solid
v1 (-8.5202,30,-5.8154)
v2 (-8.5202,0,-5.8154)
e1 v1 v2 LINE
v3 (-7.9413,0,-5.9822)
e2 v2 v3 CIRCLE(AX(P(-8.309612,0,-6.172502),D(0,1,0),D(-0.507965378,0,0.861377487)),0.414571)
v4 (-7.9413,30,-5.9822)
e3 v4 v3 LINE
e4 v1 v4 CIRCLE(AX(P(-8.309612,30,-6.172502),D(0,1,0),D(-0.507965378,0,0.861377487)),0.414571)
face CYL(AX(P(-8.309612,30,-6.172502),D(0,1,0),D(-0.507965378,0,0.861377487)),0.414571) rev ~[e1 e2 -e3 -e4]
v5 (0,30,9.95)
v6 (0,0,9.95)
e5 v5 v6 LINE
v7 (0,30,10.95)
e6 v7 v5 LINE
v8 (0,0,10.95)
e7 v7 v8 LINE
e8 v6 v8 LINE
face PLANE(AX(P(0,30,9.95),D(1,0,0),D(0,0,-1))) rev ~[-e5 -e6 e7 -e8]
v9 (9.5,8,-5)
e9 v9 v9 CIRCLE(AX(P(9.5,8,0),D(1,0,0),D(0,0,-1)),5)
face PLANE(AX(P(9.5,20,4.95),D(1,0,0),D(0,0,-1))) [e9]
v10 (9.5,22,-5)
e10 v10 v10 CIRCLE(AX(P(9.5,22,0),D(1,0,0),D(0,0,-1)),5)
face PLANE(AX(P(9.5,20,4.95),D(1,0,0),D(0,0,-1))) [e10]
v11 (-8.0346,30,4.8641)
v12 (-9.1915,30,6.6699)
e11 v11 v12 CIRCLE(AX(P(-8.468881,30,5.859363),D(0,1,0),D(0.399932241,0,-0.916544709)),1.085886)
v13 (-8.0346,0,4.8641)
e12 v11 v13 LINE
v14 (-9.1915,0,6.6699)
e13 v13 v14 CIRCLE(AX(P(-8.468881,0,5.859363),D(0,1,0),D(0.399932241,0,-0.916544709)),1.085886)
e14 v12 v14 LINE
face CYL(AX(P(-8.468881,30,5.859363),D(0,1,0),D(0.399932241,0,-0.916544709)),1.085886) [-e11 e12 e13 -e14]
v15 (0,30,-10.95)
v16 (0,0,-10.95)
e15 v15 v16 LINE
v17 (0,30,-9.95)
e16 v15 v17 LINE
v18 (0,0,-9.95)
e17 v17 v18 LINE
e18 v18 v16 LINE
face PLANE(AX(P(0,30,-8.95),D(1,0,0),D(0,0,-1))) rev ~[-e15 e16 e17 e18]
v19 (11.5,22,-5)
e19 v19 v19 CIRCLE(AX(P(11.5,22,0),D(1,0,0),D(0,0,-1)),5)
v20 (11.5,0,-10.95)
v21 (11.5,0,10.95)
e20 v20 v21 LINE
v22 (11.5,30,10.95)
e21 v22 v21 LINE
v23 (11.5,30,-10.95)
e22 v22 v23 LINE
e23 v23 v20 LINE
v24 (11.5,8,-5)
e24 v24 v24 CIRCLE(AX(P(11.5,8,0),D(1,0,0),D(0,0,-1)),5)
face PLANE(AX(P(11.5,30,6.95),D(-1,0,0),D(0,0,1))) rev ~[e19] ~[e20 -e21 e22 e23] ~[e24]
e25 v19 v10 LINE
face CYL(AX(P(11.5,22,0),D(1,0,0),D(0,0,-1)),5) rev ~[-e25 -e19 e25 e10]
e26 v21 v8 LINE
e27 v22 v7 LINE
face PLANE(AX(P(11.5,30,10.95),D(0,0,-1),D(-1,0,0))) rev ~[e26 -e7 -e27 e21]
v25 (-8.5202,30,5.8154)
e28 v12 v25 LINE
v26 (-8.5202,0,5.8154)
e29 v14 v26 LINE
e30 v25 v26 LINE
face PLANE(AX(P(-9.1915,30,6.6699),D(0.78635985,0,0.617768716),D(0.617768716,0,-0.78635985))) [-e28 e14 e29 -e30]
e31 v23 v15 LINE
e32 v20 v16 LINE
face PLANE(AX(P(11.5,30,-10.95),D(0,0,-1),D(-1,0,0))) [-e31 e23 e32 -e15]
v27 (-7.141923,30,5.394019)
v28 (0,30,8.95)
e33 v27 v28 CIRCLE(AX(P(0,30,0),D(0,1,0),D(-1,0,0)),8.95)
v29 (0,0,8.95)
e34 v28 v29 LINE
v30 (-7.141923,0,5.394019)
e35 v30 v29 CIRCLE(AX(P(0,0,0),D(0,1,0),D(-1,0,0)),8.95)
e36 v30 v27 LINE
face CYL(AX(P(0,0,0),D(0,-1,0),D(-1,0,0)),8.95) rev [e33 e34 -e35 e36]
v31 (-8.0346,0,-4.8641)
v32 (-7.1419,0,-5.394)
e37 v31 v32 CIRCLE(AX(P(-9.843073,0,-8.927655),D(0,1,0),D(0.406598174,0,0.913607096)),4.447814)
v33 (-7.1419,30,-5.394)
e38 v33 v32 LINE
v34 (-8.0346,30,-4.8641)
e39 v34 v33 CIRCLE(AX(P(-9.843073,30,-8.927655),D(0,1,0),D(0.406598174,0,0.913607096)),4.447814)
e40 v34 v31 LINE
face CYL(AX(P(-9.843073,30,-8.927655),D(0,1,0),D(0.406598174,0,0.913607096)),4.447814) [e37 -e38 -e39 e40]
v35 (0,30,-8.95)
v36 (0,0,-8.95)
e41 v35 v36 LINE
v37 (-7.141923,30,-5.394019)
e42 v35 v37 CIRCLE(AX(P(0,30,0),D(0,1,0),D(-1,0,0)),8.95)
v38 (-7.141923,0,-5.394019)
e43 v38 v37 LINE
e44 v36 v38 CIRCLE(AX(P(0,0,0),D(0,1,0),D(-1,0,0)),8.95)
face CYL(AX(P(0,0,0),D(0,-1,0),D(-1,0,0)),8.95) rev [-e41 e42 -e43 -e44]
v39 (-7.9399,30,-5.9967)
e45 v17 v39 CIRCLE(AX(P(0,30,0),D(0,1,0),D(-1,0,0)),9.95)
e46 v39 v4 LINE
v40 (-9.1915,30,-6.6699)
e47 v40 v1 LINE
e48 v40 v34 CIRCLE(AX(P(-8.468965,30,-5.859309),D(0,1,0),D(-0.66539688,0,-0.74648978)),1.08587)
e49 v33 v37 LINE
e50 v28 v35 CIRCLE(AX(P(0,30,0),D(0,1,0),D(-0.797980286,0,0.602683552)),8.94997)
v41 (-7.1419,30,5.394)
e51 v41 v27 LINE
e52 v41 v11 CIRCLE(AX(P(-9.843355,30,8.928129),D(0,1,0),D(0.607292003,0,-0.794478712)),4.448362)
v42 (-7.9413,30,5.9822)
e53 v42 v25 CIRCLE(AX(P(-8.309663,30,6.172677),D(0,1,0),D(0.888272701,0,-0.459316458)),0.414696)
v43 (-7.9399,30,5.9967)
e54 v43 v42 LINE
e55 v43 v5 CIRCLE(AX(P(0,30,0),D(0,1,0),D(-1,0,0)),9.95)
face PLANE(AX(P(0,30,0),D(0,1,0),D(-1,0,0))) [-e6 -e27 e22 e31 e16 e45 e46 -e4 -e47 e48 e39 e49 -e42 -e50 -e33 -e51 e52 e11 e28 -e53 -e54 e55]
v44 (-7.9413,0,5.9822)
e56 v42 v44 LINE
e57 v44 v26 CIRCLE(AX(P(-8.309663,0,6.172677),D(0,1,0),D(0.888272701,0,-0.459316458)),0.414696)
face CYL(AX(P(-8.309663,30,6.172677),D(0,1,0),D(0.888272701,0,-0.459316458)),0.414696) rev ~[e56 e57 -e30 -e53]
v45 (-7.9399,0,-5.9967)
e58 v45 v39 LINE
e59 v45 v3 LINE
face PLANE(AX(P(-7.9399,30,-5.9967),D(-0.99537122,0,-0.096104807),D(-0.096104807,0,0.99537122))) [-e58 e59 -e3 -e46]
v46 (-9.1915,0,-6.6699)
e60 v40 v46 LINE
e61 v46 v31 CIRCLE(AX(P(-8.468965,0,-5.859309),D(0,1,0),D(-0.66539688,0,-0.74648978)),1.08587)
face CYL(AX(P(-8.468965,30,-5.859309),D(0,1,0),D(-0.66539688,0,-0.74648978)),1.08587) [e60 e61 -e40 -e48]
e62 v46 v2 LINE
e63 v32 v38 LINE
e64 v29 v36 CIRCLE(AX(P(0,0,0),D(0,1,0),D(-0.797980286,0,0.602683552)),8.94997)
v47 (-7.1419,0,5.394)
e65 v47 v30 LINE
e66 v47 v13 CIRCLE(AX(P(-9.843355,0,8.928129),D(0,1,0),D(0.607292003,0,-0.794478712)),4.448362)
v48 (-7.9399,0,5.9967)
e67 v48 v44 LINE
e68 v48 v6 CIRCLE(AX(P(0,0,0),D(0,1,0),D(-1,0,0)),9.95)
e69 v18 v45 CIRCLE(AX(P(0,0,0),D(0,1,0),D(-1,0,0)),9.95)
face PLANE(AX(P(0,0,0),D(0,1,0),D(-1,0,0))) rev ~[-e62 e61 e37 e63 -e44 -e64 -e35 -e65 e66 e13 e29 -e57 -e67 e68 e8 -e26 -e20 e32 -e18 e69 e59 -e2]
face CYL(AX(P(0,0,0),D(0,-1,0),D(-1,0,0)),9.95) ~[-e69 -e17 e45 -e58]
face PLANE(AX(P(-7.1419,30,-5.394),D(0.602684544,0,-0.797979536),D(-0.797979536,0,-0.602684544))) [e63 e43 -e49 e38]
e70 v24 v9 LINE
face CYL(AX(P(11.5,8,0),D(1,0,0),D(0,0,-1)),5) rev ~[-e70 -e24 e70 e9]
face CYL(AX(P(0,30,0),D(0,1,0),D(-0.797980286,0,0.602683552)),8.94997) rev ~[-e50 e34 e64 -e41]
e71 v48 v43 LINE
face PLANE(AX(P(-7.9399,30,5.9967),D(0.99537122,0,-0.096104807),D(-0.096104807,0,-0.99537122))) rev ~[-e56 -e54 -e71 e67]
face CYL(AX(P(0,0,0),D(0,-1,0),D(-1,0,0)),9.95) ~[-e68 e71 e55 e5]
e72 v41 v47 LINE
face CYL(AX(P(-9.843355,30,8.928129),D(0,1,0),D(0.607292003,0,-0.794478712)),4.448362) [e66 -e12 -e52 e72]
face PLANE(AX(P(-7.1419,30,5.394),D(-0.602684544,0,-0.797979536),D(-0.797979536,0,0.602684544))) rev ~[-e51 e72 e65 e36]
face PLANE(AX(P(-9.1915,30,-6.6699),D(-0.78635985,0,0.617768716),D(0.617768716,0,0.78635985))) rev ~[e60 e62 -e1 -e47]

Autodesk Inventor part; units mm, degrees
ref_plane "YZ Plane" through (0, 0, 0) normal (1, 0, 0) x (0, 1, 0)
ref_plane "XZ Plane" through (0, 0, 0) normal (0, 1, 0) x (-1, 0, 0)
ref_plane "XY Plane" through (0, 0, 0) normal (0, 0, 1) x (1, 0, 0)
sketch "Эскиз1" plane through (0, 0, 0) normal (0, 1, 0) x (-1, 0, 0)
  circle A0 centre (0, 0) radius 8.95
  circle A1 centre (0, 0) radius 9.95
  line L0 (0, 0) -> (7.9399, 5.9967)
  line L1 (0, 0) -> (7.9399, -5.9967)
  point P0 (7.1419, -5.394)
  point P1 (7.1419, 5.394)
  dimension "d0" = 17.9
  dimension "d1" = 19.9
extrude "Выдавливание1" add sketch "Эскиз1" along normal blind 30 contours A0 L1 A1 L0 picked at (-8.7459, -3.8334)
sketch "Эскиз2" plane through (0, 30, 0) normal (0, 1, 0) x (1, 0, 0)
  arc A0 (-7.1419, -5.394) -> (-8.0346, -4.8641) centre (-9.8432, -8.9279) ccw
  arc A1 (-8.0346, -4.8641) -> (-9.1915, -6.6699) centre (-8.4689, -5.8593) ccw
  line L0 (-9.1915, -6.6699) -> (-8.5202, -5.8154)
  arc A2 (-7.9413, -5.9822) -> (-8.5202, -5.8154) centre (-8.3096, -6.1726) ccw
  line L1 (-7.1419, -5.394) -> (-7.9399, -5.9967)
  line L2 (-7.9399, -5.9967) -> (-7.1419, -5.394)
  line L3 (-7.9399, -5.9967) -> (-7.9413, -5.9822)
  line L4 (-0.0151, 0) -> (-3.489, 0)
  arc A3 (-8.0346, 4.8641) -> (-7.1419, 5.394) centre (-9.8432, 8.9279) ccw
  arc A4 (-8.5202, 5.8154) -> (-7.9413, 5.9822) centre (-8.3096, 6.1726) ccw
  line L5 (-7.1419, 5.394) -> (-7.9399, 5.9967)
  line L6 (-7.9399, 5.9967) -> (-7.1419, 5.394)
  line L7 (-7.9399, 5.9967) -> (-7.9413, 5.9822)
  arc A5 (-9.1915, 6.6699) -> (-8.0346, 4.8641) centre (-8.4689, 5.8593) ccw
  line L8 (-9.1915, 6.6699) -> (-8.5202, 5.8154)
  point P0 (-7.1419, 5.394)
  point P1 (-7.9399, -5.9967)
  point P2 (-5.3694, -4.0591)
  point P3 (-7.9399, 5.9967)
  point P4 (-5.3694, 4.0591)
  point P5 (-7.9399, 5.9967)
  dimension "d25" = 1.0859
sketch "Эскиз3" plane through (0, 30, 0) normal (0, 1, 0) x (1, 0, 0)
  arc A0 (-7.9399, -5.9967) -> (-7.9399, 5.9967) centre (0, 0) ccw projected
  line L0 (11.5, -6.95) -> (11.5, 6.95)
  arc A1 (-7.1419, -5.394) -> (-7.1419, 5.394) centre (0, 0) ccw projected
  arc A2 (0, -8.95) -> (0, 8.95) centre (0, 0) ccw
  line L1 (0, -9.95) -> (0, -8.95)
  line L2 (0, 8.95) -> (0, 9.95)
  line L3 (11.5, 6.95) -> (11.5, 10.95)
  line L4 (11.5, -6.95) -> (11.5, -10.95)
  line L5 (0, 5.45) -> (0, 9.95)
  line L6 (11.5, -10.95) -> (0, -10.95)
  line L7 (0, -10.95) -> (0, -9.95)
  line L8 (11.5, 10.95) -> (0, 10.95)
  line L9 (0, 10.95) -> (0, 9.95)
  point P0 (0, 8.95)
  dimension "d13" = 4
  dimension "d14" = 4
  dimension "d22" = 21.9
  dimension "d23" = 2
extrude "Выдавливание3" add sketch "Эскиз3" against normal blind 30
ref_plane "РабПлоскость1" through (11.5, 20, 4.95) normal (1, 0, 0) x (0, 0, -1)
sketch "Эскиз4" plane through (11.5, 20, 4.95) normal (1, 0, 0) x (0, 0, -1)
  circle A0 centre (4.95, -12) radius 5
  circle A1 centre (4.95, 2) radius 5
  dimension "d15" = 10
  dimension "d17" = 10
extrude "Выдавливание4" cut sketch "Эскиз4" against normal blind 2
extrude "Выдавливание5" add sketch "Эскиз2" against normal blind 30
properties part number "крепление маркера 18мм"
